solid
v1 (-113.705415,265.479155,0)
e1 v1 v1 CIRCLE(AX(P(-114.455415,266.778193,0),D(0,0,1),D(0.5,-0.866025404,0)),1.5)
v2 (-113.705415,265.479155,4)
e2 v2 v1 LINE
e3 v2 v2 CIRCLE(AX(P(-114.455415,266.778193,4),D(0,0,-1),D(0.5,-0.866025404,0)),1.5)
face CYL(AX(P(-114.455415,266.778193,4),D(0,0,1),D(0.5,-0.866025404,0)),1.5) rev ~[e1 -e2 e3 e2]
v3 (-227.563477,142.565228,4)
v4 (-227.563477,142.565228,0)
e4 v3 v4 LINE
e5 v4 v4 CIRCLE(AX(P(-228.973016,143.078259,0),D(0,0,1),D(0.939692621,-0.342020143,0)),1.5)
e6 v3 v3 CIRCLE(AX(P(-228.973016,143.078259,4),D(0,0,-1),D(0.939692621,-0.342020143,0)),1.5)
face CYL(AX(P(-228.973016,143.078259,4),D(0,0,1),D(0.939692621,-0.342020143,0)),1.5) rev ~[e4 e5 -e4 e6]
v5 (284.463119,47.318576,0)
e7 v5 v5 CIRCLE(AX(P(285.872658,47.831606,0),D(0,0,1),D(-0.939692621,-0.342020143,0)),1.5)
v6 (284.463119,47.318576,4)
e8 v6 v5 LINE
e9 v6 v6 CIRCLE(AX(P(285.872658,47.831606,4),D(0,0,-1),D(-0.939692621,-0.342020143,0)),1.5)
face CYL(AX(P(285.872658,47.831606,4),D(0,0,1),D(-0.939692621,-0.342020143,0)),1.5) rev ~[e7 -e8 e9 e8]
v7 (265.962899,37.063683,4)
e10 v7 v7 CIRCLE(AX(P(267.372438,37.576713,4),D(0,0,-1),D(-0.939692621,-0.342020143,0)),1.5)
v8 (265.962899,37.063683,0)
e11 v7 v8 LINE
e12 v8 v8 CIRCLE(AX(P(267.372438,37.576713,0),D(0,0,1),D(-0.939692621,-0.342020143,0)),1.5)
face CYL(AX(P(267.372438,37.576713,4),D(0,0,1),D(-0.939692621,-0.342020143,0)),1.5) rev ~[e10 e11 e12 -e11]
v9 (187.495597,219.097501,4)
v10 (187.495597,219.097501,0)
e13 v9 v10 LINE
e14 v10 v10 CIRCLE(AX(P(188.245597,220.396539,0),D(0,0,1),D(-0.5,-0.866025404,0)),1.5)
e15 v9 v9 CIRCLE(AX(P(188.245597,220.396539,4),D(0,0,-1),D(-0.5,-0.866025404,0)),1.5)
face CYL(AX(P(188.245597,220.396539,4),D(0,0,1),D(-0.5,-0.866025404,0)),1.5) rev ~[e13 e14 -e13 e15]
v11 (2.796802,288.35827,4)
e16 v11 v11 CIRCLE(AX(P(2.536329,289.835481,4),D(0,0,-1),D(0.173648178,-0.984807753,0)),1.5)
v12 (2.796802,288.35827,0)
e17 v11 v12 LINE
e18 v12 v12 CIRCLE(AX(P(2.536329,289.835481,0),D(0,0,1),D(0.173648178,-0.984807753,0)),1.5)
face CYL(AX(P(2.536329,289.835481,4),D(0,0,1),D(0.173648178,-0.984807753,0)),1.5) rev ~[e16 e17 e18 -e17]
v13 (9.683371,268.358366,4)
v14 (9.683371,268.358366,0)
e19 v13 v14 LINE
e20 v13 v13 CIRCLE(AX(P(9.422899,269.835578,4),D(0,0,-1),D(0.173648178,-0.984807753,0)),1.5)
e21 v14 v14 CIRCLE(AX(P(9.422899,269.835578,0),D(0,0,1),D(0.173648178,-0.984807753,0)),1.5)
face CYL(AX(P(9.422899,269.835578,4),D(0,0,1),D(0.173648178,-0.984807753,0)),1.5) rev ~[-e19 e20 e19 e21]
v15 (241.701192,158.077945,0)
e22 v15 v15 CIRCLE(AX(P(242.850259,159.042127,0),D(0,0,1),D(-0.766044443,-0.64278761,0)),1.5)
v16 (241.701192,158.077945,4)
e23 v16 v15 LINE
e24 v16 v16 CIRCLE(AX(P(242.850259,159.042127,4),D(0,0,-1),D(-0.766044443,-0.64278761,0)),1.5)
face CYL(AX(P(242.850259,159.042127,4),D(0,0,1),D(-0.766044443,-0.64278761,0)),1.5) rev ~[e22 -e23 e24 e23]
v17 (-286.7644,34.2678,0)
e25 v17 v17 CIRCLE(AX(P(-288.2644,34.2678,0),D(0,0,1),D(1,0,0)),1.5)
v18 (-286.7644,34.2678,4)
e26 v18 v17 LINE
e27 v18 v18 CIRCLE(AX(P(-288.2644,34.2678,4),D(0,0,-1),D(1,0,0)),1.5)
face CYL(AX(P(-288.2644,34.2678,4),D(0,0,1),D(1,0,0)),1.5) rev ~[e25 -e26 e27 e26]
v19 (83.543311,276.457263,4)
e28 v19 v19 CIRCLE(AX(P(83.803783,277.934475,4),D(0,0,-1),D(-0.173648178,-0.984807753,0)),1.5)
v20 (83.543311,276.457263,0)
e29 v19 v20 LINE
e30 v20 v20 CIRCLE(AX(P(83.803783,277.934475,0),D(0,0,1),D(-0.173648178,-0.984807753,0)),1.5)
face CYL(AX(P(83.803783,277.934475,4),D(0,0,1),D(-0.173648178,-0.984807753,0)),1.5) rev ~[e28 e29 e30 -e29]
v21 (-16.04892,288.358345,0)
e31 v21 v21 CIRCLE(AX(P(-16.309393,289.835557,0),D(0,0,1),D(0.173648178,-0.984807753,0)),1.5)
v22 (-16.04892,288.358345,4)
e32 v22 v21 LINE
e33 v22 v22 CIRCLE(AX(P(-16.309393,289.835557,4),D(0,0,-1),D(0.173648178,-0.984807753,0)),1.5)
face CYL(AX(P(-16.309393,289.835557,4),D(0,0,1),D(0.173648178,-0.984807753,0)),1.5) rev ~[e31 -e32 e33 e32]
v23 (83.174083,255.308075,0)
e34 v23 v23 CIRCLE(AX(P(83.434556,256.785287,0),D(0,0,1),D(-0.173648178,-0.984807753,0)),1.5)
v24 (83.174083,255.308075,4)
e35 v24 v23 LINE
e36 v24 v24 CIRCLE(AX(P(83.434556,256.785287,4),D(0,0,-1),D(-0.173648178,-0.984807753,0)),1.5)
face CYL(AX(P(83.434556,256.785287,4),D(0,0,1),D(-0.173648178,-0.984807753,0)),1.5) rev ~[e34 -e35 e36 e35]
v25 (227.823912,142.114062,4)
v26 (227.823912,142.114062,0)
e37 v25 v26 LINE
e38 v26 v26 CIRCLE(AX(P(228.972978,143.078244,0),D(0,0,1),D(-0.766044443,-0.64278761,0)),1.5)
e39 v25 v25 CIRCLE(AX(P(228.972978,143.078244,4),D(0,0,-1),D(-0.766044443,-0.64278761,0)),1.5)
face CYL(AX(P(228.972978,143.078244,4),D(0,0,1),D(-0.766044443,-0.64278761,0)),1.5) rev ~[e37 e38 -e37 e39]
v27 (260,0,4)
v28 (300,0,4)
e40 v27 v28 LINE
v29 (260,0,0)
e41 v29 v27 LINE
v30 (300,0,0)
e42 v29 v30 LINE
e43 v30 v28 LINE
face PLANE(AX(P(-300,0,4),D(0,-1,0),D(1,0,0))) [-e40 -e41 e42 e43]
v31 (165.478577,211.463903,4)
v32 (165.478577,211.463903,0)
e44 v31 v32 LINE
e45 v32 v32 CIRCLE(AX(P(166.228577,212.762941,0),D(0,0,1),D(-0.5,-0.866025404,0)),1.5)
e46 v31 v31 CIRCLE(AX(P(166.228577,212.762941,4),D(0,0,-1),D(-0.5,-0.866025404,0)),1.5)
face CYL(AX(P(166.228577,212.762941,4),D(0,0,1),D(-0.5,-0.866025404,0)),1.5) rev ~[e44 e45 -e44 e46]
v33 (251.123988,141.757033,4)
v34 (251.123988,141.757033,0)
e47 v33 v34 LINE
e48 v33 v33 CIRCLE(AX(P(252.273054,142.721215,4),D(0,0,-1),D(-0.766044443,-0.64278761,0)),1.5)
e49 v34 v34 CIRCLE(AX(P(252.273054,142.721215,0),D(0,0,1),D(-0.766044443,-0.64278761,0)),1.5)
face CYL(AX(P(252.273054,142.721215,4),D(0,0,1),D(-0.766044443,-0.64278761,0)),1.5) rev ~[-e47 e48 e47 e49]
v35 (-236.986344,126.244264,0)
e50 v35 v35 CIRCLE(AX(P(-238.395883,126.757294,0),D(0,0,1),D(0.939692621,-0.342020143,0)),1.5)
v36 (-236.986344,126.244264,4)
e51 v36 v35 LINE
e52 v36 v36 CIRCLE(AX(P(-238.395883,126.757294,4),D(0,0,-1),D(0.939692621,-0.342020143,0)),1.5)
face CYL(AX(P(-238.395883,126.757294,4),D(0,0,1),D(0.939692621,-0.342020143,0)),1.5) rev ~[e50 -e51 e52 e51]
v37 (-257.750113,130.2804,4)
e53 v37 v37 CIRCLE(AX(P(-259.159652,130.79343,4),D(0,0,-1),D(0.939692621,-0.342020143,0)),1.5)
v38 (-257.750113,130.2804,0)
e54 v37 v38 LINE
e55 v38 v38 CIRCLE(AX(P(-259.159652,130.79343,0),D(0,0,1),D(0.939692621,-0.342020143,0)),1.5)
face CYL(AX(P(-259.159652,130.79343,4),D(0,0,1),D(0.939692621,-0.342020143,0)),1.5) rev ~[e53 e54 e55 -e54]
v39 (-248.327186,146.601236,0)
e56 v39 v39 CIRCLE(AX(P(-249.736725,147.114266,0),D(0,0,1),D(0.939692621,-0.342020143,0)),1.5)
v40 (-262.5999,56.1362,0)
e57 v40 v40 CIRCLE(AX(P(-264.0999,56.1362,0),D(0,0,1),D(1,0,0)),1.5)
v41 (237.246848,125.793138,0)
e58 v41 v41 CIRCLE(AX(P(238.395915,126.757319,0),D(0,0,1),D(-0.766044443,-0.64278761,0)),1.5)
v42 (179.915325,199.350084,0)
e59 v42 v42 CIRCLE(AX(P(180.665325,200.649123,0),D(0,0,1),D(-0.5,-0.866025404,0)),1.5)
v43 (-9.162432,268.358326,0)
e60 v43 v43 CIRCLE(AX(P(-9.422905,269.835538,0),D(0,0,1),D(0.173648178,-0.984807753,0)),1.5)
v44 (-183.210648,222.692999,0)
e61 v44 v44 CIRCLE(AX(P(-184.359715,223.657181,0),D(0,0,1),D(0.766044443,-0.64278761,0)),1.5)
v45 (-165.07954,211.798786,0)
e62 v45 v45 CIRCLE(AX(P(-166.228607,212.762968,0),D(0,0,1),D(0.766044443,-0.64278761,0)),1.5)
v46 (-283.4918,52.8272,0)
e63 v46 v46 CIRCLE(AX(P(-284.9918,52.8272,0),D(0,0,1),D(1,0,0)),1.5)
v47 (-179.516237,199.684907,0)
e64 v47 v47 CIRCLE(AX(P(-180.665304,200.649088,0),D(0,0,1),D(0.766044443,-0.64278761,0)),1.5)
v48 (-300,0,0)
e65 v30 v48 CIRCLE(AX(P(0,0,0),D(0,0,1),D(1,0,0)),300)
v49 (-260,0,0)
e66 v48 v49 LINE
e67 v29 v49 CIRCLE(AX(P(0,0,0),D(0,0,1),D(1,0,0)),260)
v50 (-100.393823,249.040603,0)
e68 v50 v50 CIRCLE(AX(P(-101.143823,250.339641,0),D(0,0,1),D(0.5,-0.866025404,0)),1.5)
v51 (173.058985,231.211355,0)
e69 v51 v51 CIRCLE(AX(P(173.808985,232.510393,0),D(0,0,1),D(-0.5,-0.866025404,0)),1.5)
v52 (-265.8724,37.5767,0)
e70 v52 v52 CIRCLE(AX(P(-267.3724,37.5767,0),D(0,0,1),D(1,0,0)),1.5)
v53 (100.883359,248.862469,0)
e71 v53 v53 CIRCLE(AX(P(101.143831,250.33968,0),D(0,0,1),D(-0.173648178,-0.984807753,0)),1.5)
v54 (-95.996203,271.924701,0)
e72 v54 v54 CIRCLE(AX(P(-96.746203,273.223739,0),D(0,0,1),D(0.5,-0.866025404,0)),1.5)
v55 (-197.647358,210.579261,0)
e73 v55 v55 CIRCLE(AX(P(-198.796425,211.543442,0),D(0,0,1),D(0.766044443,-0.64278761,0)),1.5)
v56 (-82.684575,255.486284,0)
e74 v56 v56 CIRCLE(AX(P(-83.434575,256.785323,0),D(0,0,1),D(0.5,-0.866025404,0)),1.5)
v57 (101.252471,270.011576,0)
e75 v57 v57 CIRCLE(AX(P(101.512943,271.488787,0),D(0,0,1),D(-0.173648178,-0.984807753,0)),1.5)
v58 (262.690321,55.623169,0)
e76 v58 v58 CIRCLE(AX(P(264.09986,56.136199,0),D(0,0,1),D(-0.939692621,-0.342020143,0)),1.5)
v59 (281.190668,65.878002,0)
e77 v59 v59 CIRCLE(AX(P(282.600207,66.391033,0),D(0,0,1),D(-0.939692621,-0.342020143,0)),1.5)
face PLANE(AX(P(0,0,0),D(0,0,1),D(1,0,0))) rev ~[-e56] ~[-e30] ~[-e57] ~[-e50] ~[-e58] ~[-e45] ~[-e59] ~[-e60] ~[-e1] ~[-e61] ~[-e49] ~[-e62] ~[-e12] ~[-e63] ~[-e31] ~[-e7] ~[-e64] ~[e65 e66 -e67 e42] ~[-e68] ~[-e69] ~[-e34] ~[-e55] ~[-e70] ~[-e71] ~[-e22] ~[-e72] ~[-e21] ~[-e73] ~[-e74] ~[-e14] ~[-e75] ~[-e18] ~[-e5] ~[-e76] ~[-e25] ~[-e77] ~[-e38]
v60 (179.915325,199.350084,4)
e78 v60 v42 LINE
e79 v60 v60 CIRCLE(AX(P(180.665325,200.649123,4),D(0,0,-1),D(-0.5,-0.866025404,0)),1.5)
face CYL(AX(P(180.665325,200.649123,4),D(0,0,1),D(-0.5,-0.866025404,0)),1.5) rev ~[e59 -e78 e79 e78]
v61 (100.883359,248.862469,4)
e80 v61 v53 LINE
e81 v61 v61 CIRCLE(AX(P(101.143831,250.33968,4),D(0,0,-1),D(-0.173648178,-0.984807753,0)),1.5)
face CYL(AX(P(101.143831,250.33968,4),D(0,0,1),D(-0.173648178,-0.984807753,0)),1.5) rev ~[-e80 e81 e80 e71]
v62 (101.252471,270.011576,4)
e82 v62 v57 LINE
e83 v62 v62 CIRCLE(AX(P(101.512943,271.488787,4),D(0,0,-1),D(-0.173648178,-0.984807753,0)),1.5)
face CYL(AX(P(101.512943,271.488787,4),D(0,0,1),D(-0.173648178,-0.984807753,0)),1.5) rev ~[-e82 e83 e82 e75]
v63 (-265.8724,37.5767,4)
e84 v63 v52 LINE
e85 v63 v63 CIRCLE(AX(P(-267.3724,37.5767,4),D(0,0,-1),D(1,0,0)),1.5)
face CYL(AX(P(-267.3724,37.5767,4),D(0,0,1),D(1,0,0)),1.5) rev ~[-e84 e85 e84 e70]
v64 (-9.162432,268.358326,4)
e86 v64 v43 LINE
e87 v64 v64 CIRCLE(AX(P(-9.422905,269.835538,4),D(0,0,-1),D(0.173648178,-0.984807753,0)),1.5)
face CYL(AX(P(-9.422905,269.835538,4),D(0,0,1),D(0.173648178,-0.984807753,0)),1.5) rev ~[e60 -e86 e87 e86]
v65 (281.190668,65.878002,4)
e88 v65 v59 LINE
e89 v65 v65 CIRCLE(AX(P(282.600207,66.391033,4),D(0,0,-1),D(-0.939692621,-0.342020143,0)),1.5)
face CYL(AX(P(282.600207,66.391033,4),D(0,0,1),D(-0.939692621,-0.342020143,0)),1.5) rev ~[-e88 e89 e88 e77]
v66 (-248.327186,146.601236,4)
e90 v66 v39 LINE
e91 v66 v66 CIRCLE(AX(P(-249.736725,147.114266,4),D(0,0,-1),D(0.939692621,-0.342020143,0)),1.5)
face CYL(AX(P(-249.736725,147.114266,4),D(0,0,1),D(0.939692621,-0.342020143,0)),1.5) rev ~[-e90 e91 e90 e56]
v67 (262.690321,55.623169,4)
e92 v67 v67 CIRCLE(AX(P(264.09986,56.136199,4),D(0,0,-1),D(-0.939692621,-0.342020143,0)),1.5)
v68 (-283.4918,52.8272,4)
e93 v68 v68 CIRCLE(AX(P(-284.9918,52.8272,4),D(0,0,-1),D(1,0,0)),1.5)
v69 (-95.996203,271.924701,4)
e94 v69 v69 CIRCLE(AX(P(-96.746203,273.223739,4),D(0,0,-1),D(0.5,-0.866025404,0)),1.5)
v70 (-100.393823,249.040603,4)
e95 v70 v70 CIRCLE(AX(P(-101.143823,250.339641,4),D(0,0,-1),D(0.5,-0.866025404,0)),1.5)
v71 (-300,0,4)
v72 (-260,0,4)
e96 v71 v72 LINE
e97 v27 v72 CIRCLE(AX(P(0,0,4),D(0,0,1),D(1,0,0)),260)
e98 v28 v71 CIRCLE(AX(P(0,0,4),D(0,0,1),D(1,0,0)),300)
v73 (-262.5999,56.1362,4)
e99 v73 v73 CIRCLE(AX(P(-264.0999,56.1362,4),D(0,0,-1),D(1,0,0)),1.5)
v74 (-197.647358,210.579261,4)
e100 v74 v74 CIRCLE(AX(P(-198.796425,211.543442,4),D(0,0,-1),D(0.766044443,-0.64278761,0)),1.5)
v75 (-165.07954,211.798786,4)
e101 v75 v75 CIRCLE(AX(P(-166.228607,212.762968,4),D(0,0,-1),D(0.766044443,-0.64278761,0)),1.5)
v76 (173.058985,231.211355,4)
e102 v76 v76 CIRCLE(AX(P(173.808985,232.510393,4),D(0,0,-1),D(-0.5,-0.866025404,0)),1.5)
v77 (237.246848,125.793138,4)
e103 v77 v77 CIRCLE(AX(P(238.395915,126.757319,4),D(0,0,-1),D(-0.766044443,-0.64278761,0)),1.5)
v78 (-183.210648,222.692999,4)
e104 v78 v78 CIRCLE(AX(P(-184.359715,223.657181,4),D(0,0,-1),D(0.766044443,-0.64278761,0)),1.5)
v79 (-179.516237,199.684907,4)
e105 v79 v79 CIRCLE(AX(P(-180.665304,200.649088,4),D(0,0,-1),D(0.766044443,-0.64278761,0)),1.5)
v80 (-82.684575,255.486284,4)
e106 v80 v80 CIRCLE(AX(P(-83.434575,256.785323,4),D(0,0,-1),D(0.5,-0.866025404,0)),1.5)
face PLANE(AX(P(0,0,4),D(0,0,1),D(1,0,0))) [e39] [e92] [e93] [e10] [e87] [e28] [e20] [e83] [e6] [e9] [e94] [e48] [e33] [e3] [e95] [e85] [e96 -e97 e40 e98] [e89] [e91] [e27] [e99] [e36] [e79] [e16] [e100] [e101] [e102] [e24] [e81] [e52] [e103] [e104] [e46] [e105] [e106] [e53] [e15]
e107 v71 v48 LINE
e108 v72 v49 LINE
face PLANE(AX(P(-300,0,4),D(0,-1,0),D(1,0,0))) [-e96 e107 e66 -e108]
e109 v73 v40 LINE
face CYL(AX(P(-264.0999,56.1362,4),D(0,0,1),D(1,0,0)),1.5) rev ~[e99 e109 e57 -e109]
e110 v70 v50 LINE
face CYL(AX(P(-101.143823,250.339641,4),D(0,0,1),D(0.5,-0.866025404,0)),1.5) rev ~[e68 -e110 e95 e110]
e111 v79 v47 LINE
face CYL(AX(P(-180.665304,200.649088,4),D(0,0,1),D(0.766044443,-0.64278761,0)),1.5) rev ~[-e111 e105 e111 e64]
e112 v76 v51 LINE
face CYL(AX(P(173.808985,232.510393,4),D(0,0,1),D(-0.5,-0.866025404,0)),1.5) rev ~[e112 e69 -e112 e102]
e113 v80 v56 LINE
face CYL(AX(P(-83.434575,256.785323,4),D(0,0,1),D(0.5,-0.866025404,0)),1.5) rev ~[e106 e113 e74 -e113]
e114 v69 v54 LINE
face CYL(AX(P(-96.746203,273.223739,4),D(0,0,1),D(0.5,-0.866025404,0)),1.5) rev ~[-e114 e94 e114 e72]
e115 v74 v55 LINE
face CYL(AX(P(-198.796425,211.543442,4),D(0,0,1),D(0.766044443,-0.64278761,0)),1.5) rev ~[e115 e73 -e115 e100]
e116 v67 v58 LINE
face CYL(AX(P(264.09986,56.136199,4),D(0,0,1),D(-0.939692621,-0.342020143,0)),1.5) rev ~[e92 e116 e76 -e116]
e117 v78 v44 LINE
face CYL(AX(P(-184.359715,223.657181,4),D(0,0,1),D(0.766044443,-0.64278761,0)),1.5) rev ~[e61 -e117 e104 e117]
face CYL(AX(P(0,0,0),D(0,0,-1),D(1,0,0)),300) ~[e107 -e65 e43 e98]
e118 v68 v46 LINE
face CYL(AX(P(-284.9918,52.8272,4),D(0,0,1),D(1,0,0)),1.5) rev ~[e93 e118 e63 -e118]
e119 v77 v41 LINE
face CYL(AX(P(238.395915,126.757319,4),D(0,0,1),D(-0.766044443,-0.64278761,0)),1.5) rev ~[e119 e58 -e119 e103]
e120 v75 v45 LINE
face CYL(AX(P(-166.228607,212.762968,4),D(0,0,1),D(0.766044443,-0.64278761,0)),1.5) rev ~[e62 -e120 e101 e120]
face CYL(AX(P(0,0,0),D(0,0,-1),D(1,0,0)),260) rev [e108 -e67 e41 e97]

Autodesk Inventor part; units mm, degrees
ref_plane "YZ Plane" through (0, 0, 0) normal (1, 0, 0) x (0, 1, 0)
ref_plane "XZ Plane" through (0, 0, 0) normal (0, 1, 0) x (-1, 0, 0)
ref_plane "XY Plane" through (0, 0, 0) normal (0, 0, 1) x (1, 0, 0)
sketch "Sketch1" plane through (0, 0, 0) normal (0, 0, 1) x (1, 0, 0)
  circle A0 centre (0, 0) radius 260
  circle A1 centre (0, 0) radius 300
  dimension "d0" = 600
  dimension "d1" = 40
extrude "Extrusion1" add sketch "Sketch1" along normal blind 4
sketch "Sketch2" plane through (0, 0, 4) normal (0, 0, 1) x (1, 0, 0)
  line L0 (-300, 0) -> (300, 0)
  line L1 (300, 0) -> (300, -300)
  line L2 (300, -300) -> (-300, -300)
  line L3 (-300, -300) -> (-300, 0)
  circle A0 centre (0, 0) radius 300 projected
  line L4 (-420, 0) -> (420, 0) projected
extrude "Extrusion2" cut sketch "Sketch2" against normal blind 10 contours L0 A0 picked at (-23.3445, -97.237)
sketch "Sketch3" plane through (0, 0, 4) normal (0, 0, 1) x (1, 0, 0)
  circle A0 centre (-288.2644, 34.2678) radius 1.5
  arc A1 (300, 0) -> (-300, 0) centre (0, 0) ccw projected
  circle A2 centre (-267.3724, 37.5767) radius 1.5
  line L0 (-420, 0) -> (420, 0) projected
  circle A3 centre (-284.9918, 52.8272) radius 1.5
  circle A4 centre (-264.0999, 56.1362) radius 1.5
  line L1 (-267.3724, 37.5767) -> (-288.2644, 34.2678)
  line L2 (-288.2644, 34.2678) -> (-284.9918, 52.8272)
  line L3 (-284.9918, 52.8272) -> (-264.0999, 56.1362)
  line L4 (-264.0999, 56.1362) -> (-267.3724, 37.5767)
  line L5 (-264.0999, 56.1362) -> (0, 0)
  line L6 (0, 0) -> (-267.3724, 37.5767)
  dimension "d6" = 3
  dimension "d7" = 3
  dimension "d9" = 270
  dimension "d11" = 3
  dimension "d12" = 3
  dimension "d14" = 270
  dimension "d21" = 109
  dimension "d22" = 20
  dimension "d23" = 8
  dimension "d24" = 12
extrude "Extrusion3" cut sketch "Sketch3" against normal through all contours A0 L2 L1 | L1 L2 A0 | L1 L6 A2 | A2 L4 L1 | L2 L3 A3 | A3 L3 L2 | A2 L6 L4 | L4 L5 A4 | A4 L3 L4 | A4 L5 L3
pattern_circular "Circular Pattern1" count 9 over 160 about axis through (0, 0, 0) along (0, 0, -1) of "Extrusion3"
properties part number "wheel3"
